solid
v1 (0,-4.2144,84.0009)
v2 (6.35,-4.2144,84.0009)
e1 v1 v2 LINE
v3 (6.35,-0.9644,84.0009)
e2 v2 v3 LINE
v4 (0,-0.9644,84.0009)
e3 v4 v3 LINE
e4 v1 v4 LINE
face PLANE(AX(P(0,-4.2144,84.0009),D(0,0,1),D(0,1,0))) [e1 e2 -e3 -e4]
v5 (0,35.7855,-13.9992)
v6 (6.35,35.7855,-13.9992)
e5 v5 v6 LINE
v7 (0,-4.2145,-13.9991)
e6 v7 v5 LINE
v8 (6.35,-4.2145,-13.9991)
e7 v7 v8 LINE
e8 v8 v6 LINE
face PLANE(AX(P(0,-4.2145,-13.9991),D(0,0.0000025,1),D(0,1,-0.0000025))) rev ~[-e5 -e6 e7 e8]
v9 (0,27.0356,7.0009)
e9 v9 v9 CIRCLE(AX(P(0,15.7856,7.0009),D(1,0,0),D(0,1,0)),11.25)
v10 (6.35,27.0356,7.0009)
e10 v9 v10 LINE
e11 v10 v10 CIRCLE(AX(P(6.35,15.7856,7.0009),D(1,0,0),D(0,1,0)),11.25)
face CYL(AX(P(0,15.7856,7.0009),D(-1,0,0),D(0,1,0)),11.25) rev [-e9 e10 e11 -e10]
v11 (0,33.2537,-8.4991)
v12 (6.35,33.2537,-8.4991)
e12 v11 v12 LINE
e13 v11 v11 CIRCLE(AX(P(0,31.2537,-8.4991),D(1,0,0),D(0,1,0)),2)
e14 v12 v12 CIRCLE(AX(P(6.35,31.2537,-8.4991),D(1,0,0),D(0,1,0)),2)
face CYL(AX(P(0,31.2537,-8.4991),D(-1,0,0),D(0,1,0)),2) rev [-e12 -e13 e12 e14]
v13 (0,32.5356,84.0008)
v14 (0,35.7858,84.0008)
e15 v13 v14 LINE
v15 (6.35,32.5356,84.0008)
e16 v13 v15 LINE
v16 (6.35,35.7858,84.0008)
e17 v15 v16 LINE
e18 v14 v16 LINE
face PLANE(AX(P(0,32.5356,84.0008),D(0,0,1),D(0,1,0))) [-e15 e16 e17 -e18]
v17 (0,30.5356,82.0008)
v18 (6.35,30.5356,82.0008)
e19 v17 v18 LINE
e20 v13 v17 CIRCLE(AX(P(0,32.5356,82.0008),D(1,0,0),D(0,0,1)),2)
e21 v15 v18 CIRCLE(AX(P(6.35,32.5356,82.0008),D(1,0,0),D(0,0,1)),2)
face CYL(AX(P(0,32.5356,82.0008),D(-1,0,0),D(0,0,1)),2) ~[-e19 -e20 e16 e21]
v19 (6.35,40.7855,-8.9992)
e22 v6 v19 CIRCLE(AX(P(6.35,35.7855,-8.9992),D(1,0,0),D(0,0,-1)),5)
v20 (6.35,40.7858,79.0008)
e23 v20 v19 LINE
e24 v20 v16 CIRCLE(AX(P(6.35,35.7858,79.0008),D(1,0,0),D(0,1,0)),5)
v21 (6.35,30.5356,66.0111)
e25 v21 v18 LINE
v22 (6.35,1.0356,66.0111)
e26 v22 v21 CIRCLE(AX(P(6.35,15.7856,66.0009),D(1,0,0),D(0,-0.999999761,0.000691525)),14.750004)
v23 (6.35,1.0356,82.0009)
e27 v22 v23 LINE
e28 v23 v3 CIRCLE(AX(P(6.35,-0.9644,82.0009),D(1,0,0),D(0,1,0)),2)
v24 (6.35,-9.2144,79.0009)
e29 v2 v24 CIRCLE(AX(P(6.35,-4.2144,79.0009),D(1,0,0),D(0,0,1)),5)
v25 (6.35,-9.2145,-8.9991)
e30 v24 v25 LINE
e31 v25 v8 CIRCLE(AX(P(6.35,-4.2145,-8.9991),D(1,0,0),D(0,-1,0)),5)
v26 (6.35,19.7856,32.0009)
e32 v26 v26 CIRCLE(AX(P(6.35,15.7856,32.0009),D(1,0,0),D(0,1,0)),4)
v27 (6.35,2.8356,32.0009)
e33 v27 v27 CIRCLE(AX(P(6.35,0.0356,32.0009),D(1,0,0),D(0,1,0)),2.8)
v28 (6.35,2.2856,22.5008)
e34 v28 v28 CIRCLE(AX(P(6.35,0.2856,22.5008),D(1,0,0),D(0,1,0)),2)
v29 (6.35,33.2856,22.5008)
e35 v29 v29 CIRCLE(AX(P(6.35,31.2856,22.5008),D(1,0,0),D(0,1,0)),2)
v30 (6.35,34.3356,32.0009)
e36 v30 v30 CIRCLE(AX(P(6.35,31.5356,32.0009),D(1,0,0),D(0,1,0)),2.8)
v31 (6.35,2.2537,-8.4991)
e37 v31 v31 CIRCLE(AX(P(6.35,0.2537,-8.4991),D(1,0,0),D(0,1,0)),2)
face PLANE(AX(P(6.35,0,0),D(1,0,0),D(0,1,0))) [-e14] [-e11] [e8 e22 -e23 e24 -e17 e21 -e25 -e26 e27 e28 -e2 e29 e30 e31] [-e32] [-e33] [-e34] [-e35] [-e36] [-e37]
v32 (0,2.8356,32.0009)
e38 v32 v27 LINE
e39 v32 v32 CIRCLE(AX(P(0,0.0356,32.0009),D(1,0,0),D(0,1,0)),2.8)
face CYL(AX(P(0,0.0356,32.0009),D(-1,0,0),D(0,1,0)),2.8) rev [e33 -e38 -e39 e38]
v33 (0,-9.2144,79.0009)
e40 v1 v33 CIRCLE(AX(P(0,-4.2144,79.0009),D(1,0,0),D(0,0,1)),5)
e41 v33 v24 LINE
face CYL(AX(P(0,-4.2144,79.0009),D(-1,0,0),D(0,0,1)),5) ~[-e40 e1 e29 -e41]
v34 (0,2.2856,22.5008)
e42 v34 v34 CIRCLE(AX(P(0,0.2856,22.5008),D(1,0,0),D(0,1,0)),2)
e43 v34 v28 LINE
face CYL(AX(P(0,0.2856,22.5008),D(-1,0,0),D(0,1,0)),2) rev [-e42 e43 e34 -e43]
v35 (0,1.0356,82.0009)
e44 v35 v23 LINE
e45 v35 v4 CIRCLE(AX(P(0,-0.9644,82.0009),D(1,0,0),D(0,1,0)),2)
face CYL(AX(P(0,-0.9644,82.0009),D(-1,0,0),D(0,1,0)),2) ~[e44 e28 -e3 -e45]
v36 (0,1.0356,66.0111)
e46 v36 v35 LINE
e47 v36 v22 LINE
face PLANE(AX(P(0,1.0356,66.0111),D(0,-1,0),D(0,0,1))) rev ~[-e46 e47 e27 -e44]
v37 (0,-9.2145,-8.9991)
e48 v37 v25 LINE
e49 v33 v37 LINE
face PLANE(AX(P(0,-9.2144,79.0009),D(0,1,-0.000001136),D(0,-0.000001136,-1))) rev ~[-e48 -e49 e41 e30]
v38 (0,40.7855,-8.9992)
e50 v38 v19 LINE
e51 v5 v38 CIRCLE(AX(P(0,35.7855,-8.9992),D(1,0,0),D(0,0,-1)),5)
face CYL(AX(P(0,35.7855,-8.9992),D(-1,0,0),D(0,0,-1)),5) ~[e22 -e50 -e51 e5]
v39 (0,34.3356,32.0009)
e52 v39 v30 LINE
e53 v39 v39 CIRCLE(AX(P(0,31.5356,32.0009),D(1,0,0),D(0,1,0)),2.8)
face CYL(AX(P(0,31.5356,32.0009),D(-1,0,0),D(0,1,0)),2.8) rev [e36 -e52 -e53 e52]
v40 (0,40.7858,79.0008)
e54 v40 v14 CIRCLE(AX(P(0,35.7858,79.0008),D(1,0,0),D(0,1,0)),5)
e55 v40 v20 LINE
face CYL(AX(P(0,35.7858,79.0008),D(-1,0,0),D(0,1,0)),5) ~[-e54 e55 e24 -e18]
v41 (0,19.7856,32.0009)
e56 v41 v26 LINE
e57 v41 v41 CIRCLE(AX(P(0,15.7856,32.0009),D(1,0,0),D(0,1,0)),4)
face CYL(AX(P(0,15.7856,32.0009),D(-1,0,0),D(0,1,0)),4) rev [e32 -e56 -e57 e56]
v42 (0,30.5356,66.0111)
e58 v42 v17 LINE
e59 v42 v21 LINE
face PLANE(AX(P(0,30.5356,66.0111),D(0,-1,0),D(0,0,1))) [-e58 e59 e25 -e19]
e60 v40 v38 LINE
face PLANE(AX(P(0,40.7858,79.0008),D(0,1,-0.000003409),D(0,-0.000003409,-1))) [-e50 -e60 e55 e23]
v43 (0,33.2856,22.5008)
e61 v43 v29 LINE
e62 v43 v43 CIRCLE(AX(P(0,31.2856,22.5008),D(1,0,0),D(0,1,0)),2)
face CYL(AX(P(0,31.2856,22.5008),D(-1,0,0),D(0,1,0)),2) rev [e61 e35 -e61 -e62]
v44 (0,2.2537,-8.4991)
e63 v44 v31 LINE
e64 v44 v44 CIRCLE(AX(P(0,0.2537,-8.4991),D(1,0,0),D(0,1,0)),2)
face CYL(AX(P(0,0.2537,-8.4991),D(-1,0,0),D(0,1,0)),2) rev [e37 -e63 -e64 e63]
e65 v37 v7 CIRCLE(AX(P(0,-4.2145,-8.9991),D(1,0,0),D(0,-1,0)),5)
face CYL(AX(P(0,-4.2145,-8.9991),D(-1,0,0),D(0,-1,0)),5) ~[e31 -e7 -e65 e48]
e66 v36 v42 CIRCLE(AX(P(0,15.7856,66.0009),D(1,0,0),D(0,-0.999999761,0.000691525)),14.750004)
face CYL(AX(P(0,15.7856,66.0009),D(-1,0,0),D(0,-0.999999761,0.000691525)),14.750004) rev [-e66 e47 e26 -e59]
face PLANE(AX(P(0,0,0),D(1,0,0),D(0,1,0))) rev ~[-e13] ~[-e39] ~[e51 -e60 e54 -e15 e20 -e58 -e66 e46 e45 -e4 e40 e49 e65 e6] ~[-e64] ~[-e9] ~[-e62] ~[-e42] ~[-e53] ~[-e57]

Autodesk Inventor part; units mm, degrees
ref_plane "YZ Plane" through (0, 0, 0) normal (1, 0, 0) x (0, 1, 0)
ref_plane "XZ Plane" through (0, 0, 0) normal (0, 1, 0) x (-1, 0, 0)
ref_plane "XY Plane" through (0, 0, 0) normal (0, 0, 1) x (1, 0, 0)
sketch "Sketch1" plane through (0, 0, 0) normal (1, 0, 0) x (0, 1, 0)
  circle A0 centre (31.2856, 22.5008) radius 2
  circle A1 centre (31.2537, -8.4991) radius 2
  circle A2 centre (0.2856, 22.5008) radius 2
  circle A3 centre (0.2537, -8.4991) radius 2
  arc A4 (1.0356, 66.0111) -> (30.5356, 66.0111) centre (15.7856, 66.0009) ccw
  line L0 (30.5356, 66.0111) -> (30.5356, 82.0008)
  line L1 (-4.2145, -13.9991) -> (35.7855, -13.9992)
  line L2 (40.7858, 79.0008) -> (40.7855, -8.9992)
  circle A5 centre (15.7856, 32.0009) radius 4
  circle A6 centre (15.7856, 7.0009) radius 11.25
  line L3 (-9.2144, 79.0009) -> (-9.2145, -8.9991)
  line L4 (1.0356, 66.0111) -> (1.0356, 82.0009)
  line L5 (-4.2144, 84.0009) -> (-0.9644, 84.0009)
  line L6 (32.5356, 84.0008) -> (35.7858, 84.0008)
  circle A7 centre (0.0356, 32.0009) radius 2.8
  circle A8 centre (31.5356, 32.0009) radius 2.8
  line L7 (15.7856, 32.0009) -> (15.7856, 45.0825) construction
  arc A9 (-9.2145, -8.9991) -> (-4.2145, -13.9991) centre (-4.2145, -8.9991) ccw
  arc A10 (35.7855, -13.9992) -> (40.7855, -8.9992) centre (35.7855, -8.9992) ccw
  arc A11 (40.7858, 79.0008) -> (35.7858, 84.0008) centre (35.7858, 79.0008) ccw
  arc A12 (-4.2144, 84.0009) -> (-9.2144, 79.0009) centre (-4.2144, 79.0009) ccw
  arc A13 (1.0356, 82.0009) -> (-0.9644, 84.0009) centre (-0.9644, 82.0009) ccw
  arc A14 (32.5356, 84.0008) -> (30.5356, 82.0008) centre (32.5356, 82.0008) ccw
  point P0 (-9.2144, 84.0009)
  point P1 (30.5356, 84.0008)
  point P2 (-9.2145, -13.9991)
  point P3 (40.7855, -13.9992)
  point P4 (40.7859, 84.0008)
  point P5 (1.0356, 84.0009)
  dimension "d5" = 31
  dimension "d6" = 31
  dimension "d8" = 31
  dimension "d21" = 29.5
  dimension "d44" = 8
  dimension "d46" = 80
  dimension "d47" = 22.5
  dimension "d49" = 98
  dimension "d56" = 50
  dimension "d57" = 25
  dimension "d58" = 15.5
  dimension "d61" = 21
  dimension "d62" = 46
  dimension "d63" = 5.6
  dimension "d64" = 5.6
  dimension "d65" = 15.75
  dimension "d66" = 15.75
  dimension "d67" = 25
  dimension "d70" = 31
  dimension "d71" = 15.5
  dimension "d72" = 15.5
  dimension "d73" = 4
  dimension "d74" = 18
  dimension "d75" = 5
  dimension "d76" = 5
  dimension "d77" = 2
extrude "Extrusion2" add sketch "Sketch1" along normal blind 6.35
properties part number "motor mount"
